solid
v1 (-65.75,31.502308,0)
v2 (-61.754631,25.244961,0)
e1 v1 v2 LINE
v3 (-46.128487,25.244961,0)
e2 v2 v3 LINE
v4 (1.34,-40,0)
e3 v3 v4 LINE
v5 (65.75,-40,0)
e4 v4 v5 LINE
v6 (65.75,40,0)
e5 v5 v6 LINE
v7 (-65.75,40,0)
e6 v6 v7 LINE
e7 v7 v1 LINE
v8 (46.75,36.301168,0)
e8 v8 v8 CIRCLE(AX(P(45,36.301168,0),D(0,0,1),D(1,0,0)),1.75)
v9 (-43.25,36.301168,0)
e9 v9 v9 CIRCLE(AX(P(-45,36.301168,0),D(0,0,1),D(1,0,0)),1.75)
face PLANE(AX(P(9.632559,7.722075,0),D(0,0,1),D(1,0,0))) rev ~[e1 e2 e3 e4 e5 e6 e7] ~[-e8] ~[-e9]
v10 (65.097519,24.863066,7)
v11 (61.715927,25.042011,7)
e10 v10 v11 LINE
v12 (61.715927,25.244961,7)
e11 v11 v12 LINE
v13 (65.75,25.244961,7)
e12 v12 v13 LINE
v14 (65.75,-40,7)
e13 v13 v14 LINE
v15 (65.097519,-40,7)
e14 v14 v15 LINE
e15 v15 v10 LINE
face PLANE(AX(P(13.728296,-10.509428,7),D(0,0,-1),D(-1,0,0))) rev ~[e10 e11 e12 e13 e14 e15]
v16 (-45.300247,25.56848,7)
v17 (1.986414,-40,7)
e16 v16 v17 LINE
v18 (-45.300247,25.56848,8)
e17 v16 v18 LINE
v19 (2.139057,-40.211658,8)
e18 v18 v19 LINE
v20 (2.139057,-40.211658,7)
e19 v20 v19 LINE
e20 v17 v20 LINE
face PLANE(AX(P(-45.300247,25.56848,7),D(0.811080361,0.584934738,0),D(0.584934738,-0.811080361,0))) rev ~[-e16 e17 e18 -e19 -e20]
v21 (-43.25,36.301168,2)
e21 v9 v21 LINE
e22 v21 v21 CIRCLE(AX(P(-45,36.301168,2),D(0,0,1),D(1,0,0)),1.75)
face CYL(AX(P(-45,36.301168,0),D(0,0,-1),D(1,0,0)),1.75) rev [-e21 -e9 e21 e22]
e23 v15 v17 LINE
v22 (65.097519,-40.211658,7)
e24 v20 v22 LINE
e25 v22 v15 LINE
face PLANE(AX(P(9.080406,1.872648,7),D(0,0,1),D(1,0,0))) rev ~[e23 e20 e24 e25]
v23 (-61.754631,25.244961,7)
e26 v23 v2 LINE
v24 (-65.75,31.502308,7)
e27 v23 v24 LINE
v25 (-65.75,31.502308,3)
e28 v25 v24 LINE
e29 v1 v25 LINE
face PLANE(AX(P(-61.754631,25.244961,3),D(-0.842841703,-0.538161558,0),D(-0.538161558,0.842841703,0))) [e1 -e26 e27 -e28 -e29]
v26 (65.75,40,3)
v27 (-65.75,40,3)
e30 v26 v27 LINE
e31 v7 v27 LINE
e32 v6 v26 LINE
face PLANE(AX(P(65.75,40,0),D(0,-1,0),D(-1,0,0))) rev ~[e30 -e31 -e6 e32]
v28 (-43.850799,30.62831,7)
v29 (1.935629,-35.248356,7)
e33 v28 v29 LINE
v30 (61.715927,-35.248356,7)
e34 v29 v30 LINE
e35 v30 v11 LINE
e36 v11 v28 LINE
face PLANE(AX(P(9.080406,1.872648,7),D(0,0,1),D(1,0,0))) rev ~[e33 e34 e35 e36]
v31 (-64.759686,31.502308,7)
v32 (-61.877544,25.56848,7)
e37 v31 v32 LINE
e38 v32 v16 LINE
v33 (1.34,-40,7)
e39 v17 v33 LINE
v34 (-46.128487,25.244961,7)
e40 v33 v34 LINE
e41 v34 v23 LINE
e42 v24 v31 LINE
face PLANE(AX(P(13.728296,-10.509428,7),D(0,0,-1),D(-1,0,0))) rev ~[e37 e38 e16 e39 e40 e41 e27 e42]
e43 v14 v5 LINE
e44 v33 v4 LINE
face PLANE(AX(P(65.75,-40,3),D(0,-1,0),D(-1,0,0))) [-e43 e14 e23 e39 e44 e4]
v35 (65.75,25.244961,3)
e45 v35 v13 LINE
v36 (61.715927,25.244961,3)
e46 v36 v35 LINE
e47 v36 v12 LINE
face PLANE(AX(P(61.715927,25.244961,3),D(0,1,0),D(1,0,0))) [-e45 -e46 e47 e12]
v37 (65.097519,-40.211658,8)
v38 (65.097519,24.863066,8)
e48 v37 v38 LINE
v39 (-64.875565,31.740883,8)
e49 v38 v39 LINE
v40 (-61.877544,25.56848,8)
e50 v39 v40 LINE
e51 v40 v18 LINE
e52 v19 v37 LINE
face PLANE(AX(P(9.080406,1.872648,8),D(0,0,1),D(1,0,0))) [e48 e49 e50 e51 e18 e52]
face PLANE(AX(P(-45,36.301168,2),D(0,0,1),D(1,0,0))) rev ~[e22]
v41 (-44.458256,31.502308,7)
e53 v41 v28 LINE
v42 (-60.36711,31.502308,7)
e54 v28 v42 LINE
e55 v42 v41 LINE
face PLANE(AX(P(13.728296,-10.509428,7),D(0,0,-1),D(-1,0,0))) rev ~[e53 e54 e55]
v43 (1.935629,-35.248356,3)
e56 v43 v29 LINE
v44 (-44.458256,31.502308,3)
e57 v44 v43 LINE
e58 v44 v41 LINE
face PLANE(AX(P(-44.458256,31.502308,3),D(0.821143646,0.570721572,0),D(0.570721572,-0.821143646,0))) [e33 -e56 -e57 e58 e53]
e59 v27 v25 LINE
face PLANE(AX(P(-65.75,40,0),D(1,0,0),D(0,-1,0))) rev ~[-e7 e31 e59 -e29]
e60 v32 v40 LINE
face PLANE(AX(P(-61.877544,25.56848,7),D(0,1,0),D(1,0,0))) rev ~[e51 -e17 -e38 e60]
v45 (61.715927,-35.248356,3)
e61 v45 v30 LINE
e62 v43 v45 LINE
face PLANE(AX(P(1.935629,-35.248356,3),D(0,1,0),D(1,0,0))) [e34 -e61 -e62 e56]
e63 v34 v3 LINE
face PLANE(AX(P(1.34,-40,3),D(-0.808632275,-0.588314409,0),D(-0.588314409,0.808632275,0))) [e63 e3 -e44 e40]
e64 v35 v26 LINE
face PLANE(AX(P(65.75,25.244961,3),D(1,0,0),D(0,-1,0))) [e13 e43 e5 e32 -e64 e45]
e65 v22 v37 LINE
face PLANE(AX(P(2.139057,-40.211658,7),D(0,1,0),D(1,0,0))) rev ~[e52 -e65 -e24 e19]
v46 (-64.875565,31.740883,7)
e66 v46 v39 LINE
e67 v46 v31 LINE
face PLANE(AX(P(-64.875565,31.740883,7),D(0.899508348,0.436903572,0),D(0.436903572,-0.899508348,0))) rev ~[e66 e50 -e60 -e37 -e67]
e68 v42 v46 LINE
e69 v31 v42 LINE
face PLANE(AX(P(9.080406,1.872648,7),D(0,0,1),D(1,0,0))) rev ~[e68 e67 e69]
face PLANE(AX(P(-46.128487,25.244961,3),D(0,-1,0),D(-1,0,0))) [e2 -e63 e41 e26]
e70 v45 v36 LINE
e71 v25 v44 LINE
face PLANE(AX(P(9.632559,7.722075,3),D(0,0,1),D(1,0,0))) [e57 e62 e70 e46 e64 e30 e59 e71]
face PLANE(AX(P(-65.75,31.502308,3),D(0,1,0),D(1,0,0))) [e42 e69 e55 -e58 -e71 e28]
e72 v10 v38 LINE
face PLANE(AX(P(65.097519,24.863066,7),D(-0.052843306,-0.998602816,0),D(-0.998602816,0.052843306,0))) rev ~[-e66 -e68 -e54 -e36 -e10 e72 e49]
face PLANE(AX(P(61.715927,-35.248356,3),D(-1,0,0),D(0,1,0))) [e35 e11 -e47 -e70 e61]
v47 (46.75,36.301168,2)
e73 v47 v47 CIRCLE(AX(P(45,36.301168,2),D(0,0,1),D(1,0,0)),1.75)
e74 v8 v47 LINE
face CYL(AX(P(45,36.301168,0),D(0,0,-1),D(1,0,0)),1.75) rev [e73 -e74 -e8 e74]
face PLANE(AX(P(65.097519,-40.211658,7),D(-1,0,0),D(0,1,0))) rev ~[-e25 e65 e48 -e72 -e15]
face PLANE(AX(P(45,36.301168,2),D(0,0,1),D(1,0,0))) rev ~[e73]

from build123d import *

# Parameters (mm, degrees)
PAD_DEPTH    = 3
SKETCH_R     = 1.75
POCKET_DEPTH = 2
PAD001_DEPTH = 4
PAD002_DEPTH = 1


with BuildPart() as part:
    # Sketch010 → Pad (new body)
    with BuildSketch(Plane.XY):
        Polygon((-46.128487, 25.244961), (1.34, -40), (65.75, -40), (65.75, 40), (-65.75, 40), (-65.75, 31.502308), (-61.754631, 25.244961), align=None)
    extrude(amount=PAD_DEPTH)

    # Sketch → Pocket (cut)
    with BuildSketch(Plane.XY):
        with Locations((-45, 36.301168)):
            Circle(SKETCH_R)
        with Locations((45, 36.301168)):
            Circle(SKETCH_R)
    extrude(amount=POCKET_DEPTH, mode=Mode.SUBTRACT)

    # Sketch011 (on Face5 of Pocket) → Pad001 (join)
    with BuildSketch(Plane.XY.offset(3)):
        Polygon((65.75, 25.244961), (65.75, -40), (1.34, -40), (-46.128487, 25.244961), (-61.754631, 25.244961), (-65.75, 31.502308), (-44.458256, 31.502308), (1.935629, -35.248356), (61.715927, -35.248356), (61.715927, 25.244961), align=None)
    extrude(amount=PAD001_DEPTH)

    # Sketch012 (on Face14 of Pad001) → Pad002 (join)
    with BuildSketch(Plane.XY.offset(7)):
        Polygon((-64.875565, 31.740883), (-61.877544, 25.56848), (-45.300247, 25.56848), (2.139057, -40.211658), (65.097519, -40.211658), (65.097519, 24.863066), align=None)
    extrude(amount=PAD002_DEPTH)


solid = part.part
